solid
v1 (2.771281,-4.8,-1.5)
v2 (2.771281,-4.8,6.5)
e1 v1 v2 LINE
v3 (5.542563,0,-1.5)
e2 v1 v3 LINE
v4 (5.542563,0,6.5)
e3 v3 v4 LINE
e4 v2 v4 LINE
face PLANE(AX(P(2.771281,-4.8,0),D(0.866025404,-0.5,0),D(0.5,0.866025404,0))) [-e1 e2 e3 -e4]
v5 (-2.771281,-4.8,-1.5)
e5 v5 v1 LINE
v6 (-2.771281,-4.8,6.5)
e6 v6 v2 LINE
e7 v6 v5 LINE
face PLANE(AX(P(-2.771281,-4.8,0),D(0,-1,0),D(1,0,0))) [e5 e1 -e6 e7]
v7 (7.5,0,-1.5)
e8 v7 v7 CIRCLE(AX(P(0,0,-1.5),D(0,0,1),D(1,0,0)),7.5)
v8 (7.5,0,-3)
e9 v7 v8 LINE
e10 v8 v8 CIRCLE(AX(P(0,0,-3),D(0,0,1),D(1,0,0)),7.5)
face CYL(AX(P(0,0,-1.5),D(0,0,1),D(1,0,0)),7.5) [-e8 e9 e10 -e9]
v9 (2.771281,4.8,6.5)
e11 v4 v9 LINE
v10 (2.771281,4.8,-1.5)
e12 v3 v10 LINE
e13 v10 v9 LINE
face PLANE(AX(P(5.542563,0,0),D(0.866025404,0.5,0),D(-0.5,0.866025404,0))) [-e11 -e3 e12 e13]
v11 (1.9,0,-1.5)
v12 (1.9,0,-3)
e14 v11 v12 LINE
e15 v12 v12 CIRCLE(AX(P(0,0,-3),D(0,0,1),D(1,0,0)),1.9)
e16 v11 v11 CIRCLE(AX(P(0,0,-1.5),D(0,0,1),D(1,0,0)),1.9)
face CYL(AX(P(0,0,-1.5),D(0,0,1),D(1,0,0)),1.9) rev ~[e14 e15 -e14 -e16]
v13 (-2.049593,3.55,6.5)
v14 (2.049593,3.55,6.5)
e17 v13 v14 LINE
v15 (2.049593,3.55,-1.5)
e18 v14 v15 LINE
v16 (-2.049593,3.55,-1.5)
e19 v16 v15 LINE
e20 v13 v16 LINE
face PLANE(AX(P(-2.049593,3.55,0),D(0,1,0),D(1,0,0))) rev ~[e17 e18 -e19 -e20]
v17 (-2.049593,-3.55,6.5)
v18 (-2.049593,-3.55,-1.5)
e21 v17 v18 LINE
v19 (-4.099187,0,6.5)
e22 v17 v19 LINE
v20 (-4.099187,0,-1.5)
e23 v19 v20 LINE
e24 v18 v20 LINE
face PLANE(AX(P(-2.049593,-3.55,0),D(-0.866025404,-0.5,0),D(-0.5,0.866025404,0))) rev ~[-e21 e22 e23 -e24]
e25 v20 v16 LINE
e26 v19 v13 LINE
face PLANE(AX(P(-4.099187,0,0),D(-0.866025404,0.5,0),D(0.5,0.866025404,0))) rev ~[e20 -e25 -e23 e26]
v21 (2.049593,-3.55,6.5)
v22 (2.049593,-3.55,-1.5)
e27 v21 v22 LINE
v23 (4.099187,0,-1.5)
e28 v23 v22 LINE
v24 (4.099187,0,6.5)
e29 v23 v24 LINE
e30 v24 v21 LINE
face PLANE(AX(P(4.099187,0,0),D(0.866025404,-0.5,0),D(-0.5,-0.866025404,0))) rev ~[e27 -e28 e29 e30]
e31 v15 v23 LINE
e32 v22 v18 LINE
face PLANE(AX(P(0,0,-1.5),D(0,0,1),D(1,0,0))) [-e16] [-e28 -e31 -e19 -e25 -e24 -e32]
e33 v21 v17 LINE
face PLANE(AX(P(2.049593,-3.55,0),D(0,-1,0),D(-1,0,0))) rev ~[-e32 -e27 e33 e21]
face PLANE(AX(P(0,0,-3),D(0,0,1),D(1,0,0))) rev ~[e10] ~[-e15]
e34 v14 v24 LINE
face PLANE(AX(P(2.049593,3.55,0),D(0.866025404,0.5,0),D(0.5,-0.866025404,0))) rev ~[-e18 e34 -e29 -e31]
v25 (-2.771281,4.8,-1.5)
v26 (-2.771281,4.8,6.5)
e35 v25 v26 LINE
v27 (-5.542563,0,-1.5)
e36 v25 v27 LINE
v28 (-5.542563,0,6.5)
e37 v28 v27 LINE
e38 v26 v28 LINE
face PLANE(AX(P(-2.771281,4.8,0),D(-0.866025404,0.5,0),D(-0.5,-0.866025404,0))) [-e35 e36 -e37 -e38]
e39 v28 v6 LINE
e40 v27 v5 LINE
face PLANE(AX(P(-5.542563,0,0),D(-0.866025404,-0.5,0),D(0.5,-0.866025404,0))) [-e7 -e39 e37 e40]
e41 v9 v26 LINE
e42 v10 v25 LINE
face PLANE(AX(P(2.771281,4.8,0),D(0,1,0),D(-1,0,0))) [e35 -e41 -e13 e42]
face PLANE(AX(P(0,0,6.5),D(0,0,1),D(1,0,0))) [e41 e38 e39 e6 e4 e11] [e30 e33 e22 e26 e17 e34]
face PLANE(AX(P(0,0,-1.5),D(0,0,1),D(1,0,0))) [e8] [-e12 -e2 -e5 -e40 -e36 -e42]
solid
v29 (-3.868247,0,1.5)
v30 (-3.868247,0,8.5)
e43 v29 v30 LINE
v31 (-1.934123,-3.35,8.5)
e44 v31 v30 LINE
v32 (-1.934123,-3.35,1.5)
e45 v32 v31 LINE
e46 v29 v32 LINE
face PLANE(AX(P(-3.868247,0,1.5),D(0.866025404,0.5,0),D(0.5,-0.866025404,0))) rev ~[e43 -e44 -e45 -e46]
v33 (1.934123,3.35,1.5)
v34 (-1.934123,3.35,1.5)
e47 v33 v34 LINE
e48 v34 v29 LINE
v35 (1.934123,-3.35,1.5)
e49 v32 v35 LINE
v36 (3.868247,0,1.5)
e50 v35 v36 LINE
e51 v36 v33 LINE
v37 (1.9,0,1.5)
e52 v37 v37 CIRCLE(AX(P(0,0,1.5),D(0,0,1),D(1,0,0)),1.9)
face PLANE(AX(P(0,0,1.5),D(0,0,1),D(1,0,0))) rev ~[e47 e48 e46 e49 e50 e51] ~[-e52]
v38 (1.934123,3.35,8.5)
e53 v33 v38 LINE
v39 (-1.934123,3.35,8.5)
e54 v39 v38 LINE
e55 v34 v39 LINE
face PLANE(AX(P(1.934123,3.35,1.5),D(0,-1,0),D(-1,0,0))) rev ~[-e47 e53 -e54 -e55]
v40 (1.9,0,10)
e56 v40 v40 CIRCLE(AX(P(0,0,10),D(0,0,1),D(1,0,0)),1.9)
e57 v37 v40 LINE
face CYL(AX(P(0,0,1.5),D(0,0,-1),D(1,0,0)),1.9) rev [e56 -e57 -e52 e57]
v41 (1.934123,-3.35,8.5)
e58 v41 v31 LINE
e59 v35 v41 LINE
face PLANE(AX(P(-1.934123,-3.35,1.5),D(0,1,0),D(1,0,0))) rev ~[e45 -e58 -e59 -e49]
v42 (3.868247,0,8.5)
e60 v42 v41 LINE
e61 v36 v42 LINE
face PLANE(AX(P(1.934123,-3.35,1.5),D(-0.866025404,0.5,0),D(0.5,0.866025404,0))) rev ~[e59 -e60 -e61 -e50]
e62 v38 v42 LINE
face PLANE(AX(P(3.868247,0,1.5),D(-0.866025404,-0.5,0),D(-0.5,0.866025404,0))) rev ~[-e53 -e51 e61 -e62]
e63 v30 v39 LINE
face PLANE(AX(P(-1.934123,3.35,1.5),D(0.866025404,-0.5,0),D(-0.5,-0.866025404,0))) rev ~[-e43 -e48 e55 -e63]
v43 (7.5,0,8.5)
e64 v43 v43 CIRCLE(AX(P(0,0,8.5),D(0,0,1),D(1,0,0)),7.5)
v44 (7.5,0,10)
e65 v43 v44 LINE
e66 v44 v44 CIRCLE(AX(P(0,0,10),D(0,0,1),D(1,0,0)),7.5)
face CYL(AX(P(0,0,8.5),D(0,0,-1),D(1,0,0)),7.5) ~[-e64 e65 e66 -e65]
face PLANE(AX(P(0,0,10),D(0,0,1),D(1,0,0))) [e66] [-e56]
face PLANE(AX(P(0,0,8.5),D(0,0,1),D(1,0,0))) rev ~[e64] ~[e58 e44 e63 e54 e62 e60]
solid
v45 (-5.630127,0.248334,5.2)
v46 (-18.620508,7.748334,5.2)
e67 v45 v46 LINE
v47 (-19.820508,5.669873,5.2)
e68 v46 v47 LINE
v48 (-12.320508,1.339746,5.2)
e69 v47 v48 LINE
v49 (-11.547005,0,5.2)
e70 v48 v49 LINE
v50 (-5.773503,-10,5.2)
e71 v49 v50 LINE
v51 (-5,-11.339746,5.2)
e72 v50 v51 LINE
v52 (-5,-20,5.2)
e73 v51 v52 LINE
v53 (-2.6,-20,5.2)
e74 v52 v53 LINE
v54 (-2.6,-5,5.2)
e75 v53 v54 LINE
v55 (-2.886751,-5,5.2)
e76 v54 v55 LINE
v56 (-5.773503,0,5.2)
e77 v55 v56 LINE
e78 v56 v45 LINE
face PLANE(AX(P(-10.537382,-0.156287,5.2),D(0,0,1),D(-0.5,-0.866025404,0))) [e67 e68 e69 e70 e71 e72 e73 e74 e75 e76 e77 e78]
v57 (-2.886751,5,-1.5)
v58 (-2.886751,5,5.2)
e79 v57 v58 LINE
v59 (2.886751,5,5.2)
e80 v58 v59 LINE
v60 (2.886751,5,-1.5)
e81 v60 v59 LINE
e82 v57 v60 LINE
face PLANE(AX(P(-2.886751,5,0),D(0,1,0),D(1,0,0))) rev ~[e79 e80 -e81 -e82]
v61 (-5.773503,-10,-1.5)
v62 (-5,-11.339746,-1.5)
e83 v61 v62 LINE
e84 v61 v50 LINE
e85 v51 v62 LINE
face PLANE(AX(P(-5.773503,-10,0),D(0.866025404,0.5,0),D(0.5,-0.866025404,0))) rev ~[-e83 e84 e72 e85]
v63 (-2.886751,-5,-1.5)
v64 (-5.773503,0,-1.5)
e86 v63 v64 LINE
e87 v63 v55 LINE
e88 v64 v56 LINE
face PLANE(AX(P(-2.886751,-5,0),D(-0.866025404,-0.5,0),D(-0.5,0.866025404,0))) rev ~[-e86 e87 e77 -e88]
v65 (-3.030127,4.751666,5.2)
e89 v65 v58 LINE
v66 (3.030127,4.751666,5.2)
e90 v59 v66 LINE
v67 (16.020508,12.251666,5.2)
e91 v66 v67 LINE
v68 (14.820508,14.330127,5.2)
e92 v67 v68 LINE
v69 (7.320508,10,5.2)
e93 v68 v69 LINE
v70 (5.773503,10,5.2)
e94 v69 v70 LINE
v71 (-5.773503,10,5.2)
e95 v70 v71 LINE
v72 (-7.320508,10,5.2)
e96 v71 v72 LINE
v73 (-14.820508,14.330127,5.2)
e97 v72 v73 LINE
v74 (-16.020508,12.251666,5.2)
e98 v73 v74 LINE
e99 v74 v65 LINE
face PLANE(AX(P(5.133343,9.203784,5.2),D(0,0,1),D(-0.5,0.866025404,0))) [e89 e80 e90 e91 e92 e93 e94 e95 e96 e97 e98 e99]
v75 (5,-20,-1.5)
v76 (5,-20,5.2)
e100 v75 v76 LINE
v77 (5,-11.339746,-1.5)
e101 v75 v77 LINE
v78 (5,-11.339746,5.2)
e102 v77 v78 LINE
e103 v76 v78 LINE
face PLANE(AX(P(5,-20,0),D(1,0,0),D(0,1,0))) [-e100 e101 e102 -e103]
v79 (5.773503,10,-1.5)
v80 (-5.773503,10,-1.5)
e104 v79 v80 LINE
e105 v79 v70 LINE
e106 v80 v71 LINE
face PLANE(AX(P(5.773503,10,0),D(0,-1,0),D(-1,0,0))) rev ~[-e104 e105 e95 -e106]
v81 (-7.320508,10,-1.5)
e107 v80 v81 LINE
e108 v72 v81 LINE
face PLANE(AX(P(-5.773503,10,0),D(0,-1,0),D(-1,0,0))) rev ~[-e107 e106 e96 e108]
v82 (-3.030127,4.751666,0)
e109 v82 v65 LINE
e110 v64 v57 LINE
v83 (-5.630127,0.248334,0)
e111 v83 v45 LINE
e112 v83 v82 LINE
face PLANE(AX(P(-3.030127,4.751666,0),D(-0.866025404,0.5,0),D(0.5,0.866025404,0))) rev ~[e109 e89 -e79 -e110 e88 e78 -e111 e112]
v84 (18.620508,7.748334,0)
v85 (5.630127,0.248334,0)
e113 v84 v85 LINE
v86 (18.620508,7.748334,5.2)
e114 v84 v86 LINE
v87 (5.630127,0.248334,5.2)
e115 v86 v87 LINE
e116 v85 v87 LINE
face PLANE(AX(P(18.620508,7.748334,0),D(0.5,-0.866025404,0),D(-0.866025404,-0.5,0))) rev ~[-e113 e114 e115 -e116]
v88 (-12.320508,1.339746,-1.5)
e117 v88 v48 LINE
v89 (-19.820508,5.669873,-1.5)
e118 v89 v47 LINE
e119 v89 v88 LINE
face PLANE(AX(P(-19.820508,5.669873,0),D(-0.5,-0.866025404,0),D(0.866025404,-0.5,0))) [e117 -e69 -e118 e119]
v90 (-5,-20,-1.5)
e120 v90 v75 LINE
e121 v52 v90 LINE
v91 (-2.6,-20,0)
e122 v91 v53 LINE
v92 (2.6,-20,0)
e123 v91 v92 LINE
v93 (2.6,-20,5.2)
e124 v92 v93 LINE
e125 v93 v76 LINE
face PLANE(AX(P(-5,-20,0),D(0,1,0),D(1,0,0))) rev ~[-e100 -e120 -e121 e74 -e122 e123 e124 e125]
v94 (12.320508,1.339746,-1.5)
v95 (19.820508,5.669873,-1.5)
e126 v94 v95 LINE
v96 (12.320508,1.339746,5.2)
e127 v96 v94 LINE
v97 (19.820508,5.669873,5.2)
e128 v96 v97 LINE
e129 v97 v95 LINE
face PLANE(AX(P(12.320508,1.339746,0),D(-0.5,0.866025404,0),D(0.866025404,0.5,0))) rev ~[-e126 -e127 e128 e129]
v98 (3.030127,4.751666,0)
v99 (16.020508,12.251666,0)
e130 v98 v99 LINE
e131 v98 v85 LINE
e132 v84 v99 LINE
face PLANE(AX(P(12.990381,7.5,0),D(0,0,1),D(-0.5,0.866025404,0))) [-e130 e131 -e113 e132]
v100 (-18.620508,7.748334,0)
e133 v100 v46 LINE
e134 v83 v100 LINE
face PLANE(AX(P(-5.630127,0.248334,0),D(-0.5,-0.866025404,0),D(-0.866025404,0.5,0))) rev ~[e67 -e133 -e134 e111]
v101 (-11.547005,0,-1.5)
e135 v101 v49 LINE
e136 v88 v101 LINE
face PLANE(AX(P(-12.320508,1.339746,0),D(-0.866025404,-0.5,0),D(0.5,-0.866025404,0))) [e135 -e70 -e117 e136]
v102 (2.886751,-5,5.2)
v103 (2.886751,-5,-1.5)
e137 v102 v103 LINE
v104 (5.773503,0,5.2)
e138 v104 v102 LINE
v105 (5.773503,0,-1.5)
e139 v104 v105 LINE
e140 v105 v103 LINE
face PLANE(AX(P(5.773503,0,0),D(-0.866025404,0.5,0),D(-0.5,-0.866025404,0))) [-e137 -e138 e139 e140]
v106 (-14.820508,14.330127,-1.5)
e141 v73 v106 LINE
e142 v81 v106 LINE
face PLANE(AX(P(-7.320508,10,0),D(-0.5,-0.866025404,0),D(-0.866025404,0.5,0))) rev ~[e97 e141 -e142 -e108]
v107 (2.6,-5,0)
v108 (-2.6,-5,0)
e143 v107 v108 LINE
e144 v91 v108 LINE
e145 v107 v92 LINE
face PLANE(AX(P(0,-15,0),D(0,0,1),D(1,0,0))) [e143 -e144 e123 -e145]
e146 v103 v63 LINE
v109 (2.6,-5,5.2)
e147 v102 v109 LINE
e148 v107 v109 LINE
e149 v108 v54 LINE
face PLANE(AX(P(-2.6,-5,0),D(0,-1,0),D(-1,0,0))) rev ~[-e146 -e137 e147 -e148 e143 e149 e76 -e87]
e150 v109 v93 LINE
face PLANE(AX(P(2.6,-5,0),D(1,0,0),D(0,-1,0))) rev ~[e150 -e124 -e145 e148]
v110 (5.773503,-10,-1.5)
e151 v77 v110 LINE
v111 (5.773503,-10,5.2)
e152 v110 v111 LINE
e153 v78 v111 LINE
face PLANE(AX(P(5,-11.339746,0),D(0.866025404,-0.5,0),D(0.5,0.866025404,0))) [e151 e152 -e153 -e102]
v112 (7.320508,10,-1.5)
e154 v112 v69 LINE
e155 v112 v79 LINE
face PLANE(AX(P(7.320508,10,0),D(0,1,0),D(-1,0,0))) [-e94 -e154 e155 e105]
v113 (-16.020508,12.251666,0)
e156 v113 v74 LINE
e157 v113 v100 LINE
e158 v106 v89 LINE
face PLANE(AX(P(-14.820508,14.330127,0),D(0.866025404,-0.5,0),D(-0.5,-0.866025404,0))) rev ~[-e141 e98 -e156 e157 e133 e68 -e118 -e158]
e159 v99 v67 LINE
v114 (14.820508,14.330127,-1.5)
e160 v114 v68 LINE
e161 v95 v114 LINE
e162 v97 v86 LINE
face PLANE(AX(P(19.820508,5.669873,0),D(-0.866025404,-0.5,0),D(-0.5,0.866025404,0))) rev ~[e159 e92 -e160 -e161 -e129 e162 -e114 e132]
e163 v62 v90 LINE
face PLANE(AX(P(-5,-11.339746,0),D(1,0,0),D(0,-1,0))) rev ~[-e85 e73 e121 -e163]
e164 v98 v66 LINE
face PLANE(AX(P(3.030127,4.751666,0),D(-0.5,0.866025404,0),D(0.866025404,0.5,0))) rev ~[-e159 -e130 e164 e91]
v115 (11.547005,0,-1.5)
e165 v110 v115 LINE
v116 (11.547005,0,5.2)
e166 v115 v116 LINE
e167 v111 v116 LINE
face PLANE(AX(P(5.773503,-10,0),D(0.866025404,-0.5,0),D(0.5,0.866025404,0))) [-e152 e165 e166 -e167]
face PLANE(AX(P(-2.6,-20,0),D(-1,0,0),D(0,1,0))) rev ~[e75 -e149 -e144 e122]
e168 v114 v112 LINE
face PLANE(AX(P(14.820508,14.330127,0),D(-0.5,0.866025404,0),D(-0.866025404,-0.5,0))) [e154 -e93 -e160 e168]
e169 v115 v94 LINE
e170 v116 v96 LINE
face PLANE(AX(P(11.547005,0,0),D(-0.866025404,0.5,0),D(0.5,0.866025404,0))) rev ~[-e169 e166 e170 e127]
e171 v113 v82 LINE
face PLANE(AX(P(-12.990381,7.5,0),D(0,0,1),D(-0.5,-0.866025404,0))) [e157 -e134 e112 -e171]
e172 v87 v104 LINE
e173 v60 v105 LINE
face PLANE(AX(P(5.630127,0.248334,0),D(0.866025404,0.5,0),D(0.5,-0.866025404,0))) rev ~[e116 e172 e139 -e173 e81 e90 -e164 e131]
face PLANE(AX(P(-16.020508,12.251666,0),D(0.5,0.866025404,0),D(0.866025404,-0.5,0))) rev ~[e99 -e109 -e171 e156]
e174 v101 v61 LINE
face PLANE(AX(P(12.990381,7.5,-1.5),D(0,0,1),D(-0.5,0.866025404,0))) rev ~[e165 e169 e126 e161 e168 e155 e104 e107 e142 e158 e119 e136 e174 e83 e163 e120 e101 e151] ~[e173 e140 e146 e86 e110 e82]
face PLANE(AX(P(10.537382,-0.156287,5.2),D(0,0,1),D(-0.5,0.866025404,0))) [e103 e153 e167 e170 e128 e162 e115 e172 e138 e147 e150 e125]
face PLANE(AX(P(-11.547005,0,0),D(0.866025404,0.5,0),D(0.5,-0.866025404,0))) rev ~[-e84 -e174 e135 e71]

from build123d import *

# Parameters (mm, degrees)
F0_W          = 5.2
F0_H          = 10
F0_H_2        = 5
F2_DEPTH      = 1.5
F3_DEPTH      = 5.2
F4_COUNT      = 3
F7_START      = -1.5
F5_R          = 7.5
F5_R_2        = 1.9
F7_DEPTH      = 1.5
F8_DEPTH      = 6.5
F8_DEPTH_BACK = 3
F9_START      = 8.5
F9_DEPTH      = 1.5
F10_START     = 1.5
F10_DEPTH     = 8.5


with BuildPart() as f2:
    # F0 (on Top) → F2 (new body, through all)
    with BuildSketch(Plane.XY):
        with Locations((0, -15)):
            Rectangle(F0_W, F0_H)
        with Locations((0, -7.5)):
            Rectangle(F0_W, F0_H_2)
        Polygon((-2.6, -20), (-2.6, -10), (-2.6, -5), (-2.8867513459, -5), (-5.7735026919, 0), (-11.5470053838, 0), (-5.7735026919, -10), (-5, -11.3397459622), (-5, -20), align=None)
        Polygon((2.6, -5), (2.6, -10), (2.6, -20), (5, -20), (5, -11.3397459622), (5.7735026919, -10), (11.5470053838, 0), (5.7735026919, 0), (2.8867513459, -5), align=None)
    extrude(amount=-F2_DEPTH)

    # F0 (on Top) → F3 (join, through all)
    with BuildSketch(Plane.XY):
        Polygon((-2.6, -20), (-2.6, -10), (-2.6, -5), (-2.8867513459, -5), (-5.7735026919, 0), (-11.5470053838, 0), (-5.7735026919, -10), (-5, -11.3397459622), (-5, -20), align=None)
        Polygon((2.6, -5), (2.6, -10), (2.6, -20), (5, -20), (5, -11.3397459622), (5.7735026919, -10), (11.5470053838, 0), (5.7735026919, 0), (2.8867513459, -5), align=None)
    extrude(amount=F3_DEPTH)

    # F4: F2 ×3 about axis
    f4_axis = Axis((0, 0, 3.5901106894), (0, 0, -1))


with BuildPart() as f2_1:
    add(f2.part)
    for i in range(1, F4_COUNT):
        add(f2.part.rotate(f4_axis, i * 360 / F4_COUNT))


with BuildPart() as f7:
    # F5 (on Top) → F7 (new body)
    with BuildSketch(Plane.XY.offset(F7_START)):
        Circle(F5_R)
        Polygon((5.5425625842, 0), (2.7712812921, -4.8), (-2.7712812921, -4.8), (-5.5425625842, 0), (-2.7712812921, 4.8), (2.7712812921, 4.8), align=None, mode=Mode.SUBTRACT)
        Polygon((-2.7712812921, -4.8), (2.7712812921, -4.8), (5.5425625842, 0), (2.7712812921, 4.8), (-2.7712812921, 4.8), (-5.5425625842, 0), align=None)
        Polygon((4.0991869112, 0), (2.0495934556, -3.55), (-2.0495934556, -3.55), (-4.0991869112, 0), (-2.0495934556, 3.55), (2.0495934556, 3.55), align=None, mode=Mode.SUBTRACT)
        Polygon((-2.0495934556, -3.55), (2.0495934556, -3.55), (4.0991869112, 0), (2.0495934556, 3.55), (-2.0495934556, 3.55), (-4.0991869112, 0), align=None)
        Polygon((3.8682468036, 0), (1.9341234018, -3.35), (-1.9341234018, -3.35), (-3.8682468036, 0), (-1.9341234018, 3.35), (1.9341234018, 3.35), align=None, mode=Mode.SUBTRACT)
        Polygon((-1.9341234018, -3.35), (1.9341234018, -3.35), (3.8682468036, 0), (1.9341234018, 3.35), (-1.9341234018, 3.35), (-3.8682468036, 0), align=None)
        Circle(F5_R_2, mode=Mode.SUBTRACT)
    extrude(amount=-F7_DEPTH)

    # F5 (on Top) → F8 (join, two sides)
    with BuildSketch(Plane.XY) as f8_sk:
        Polygon((-2.7712812921, -4.8), (2.7712812921, -4.8), (5.5425625842, 0), (2.7712812921, 4.8), (-2.7712812921, 4.8), (-5.5425625842, 0), align=None)
        Polygon((4.0991869112, 0), (2.0495934556, -3.55), (-2.0495934556, -3.55), (-4.0991869112, 0), (-2.0495934556, 3.55), (2.0495934556, 3.55), align=None, mode=Mode.SUBTRACT)
    extrude(amount=F8_DEPTH)
    extrude(f8_sk.sketch, amount=-F8_DEPTH_BACK)


with BuildPart() as f9:
    # F5 (on Top) → F9 (new body)
    with BuildSketch(Plane.XY.offset(F9_START)):
        Circle(F5_R)
        Polygon((5.5425625842, 0), (2.7712812921, -4.8), (-2.7712812921, -4.8), (-5.5425625842, 0), (-2.7712812921, 4.8), (2.7712812921, 4.8), align=None, mode=Mode.SUBTRACT)
        Polygon((-2.7712812921, -4.8), (2.7712812921, -4.8), (5.5425625842, 0), (2.7712812921, 4.8), (-2.7712812921, 4.8), (-5.5425625842, 0), align=None)
        Polygon((4.0991869112, 0), (2.0495934556, -3.55), (-2.0495934556, -3.55), (-4.0991869112, 0), (-2.0495934556, 3.55), (2.0495934556, 3.55), align=None, mode=Mode.SUBTRACT)
        Polygon((-2.0495934556, -3.55), (2.0495934556, -3.55), (4.0991869112, 0), (2.0495934556, 3.55), (-2.0495934556, 3.55), (-4.0991869112, 0), align=None)
        Polygon((3.8682468036, 0), (1.9341234018, -3.35), (-1.9341234018, -3.35), (-3.8682468036, 0), (-1.9341234018, 3.35), (1.9341234018, 3.35), align=None, mode=Mode.SUBTRACT)
        Polygon((-1.9341234018, -3.35), (1.9341234018, -3.35), (3.8682468036, 0), (1.9341234018, 3.35), (-1.9341234018, 3.35), (-3.8682468036, 0), align=None)
        Circle(F5_R_2, mode=Mode.SUBTRACT)
    extrude(amount=F9_DEPTH)

    # F5 (on Top) → F10 (join)
    with BuildSketch(Plane.XY.offset(F10_START)):
        Polygon((-1.9341234018, -3.35), (1.9341234018, -3.35), (3.8682468036, 0), (1.9341234018, 3.35), (-1.9341234018, 3.35), (-3.8682468036, 0), align=None)
        Circle(F5_R_2, mode=Mode.SUBTRACT)
    extrude(amount=F10_DEPTH)


solid = Compound([f2_1.part, f7.part, f9.part])
